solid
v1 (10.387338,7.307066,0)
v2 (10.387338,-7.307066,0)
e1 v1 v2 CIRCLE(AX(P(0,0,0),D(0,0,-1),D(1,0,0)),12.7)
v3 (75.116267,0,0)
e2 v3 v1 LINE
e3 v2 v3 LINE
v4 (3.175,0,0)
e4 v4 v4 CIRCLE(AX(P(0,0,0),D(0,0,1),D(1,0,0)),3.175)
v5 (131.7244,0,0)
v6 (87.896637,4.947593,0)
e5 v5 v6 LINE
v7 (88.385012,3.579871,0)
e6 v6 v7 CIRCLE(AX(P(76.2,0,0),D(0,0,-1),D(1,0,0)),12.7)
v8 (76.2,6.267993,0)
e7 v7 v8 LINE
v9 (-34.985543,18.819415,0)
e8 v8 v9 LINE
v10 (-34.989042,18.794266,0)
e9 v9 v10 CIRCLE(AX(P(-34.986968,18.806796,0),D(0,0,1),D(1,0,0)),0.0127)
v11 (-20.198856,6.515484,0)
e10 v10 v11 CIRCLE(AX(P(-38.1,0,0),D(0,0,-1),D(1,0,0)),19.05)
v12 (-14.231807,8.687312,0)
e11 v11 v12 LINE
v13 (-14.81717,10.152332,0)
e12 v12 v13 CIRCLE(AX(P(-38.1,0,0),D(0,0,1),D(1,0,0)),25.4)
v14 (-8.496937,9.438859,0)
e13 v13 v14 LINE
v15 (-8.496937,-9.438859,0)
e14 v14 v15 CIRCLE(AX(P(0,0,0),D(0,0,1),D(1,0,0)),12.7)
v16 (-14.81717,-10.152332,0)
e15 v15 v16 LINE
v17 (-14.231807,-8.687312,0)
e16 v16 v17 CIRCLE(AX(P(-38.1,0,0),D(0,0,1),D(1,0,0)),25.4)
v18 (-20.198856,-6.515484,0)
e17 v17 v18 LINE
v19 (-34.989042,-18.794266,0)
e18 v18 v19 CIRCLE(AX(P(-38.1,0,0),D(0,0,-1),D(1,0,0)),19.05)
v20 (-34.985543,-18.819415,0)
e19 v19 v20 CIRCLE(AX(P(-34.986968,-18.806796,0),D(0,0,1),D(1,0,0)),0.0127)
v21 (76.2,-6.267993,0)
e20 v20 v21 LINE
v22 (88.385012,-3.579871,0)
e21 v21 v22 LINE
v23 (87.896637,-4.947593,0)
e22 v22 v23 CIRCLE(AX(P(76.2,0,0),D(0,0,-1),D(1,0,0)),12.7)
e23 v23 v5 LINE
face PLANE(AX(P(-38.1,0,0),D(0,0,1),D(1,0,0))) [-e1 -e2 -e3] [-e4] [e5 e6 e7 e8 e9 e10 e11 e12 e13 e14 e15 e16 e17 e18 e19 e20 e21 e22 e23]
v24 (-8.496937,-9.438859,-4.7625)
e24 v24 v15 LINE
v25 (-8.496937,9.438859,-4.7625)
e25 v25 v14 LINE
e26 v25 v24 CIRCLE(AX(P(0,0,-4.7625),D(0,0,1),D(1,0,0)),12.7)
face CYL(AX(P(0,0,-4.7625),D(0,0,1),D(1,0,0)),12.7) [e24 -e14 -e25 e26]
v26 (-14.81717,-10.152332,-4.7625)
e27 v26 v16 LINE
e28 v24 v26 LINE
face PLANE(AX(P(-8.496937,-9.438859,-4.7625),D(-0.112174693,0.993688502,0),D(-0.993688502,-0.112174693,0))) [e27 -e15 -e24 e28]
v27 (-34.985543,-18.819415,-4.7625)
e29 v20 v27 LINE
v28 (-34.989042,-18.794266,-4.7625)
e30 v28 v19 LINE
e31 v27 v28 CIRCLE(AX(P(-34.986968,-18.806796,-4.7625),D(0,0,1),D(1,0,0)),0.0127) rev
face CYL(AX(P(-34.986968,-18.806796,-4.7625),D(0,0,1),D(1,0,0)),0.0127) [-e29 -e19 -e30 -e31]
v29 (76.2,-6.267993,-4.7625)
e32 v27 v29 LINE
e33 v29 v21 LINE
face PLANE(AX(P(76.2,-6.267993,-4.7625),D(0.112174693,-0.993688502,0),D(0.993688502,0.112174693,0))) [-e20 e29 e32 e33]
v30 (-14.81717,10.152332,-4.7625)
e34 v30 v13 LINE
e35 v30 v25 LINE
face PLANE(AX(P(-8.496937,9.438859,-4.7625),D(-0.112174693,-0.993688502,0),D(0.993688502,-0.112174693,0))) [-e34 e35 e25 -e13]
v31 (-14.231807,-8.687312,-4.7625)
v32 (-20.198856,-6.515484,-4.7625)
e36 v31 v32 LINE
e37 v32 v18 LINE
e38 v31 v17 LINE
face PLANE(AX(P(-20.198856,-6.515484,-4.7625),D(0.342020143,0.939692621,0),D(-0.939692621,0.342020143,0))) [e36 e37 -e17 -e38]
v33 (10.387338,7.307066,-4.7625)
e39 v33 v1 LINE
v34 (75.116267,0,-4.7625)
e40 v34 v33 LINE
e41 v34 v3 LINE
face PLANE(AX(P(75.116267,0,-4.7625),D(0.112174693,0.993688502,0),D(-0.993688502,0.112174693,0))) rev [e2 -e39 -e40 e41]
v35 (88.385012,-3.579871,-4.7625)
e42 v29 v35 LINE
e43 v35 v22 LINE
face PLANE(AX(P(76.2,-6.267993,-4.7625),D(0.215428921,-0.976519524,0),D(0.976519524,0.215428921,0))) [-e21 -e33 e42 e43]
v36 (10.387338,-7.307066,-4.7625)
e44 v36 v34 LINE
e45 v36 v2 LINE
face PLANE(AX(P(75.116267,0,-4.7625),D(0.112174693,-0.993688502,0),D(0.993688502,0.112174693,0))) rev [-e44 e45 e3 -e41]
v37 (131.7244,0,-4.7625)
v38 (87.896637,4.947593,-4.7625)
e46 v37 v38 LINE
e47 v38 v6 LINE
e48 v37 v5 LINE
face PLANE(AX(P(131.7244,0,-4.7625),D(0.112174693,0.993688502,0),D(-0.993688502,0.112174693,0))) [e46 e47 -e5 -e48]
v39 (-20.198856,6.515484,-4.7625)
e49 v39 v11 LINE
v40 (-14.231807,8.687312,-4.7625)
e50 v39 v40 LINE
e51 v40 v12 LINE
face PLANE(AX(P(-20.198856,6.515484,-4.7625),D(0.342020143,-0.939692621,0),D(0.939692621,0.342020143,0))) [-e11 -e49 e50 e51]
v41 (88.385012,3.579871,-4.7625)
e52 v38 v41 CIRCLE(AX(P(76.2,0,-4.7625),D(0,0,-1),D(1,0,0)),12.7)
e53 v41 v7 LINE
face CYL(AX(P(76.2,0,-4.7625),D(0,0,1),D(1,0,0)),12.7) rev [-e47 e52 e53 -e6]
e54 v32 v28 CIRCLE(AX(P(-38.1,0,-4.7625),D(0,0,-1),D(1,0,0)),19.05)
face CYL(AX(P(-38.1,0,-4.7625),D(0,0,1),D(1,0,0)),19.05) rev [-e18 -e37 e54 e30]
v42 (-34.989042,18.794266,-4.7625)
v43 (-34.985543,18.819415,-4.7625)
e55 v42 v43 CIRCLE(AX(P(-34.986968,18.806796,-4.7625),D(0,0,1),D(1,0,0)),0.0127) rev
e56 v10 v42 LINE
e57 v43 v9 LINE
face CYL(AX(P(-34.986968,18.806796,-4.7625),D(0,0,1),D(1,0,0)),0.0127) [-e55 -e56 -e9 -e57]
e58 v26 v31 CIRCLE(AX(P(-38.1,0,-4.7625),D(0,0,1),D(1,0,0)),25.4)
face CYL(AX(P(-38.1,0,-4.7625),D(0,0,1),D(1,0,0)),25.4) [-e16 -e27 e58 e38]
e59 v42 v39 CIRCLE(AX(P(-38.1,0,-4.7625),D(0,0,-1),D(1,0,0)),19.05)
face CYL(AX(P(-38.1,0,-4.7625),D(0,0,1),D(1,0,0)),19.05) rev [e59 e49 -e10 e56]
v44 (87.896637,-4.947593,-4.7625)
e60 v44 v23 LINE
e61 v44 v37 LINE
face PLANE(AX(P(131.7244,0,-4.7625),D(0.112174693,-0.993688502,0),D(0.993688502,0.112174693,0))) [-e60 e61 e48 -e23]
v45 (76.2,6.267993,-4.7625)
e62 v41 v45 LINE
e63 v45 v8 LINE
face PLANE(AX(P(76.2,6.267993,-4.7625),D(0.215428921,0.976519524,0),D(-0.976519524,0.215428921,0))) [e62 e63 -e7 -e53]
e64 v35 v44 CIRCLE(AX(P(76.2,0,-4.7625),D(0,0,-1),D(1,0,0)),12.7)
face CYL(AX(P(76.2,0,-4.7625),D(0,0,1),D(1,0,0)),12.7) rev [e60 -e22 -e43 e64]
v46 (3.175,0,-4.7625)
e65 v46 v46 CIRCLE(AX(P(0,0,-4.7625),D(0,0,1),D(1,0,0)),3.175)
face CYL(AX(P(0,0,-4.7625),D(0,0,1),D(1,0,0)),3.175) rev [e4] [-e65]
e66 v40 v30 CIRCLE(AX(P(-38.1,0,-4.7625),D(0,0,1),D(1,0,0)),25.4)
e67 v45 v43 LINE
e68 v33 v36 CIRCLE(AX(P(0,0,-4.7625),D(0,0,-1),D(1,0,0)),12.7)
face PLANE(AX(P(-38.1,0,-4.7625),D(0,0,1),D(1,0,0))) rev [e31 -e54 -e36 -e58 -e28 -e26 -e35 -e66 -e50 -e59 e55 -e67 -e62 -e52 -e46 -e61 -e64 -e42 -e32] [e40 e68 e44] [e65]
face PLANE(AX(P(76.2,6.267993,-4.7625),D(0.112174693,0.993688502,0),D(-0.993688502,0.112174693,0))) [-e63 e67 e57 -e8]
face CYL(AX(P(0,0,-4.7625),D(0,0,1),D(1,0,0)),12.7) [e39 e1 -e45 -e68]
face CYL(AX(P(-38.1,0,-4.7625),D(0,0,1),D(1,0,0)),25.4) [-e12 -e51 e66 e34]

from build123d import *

# Parameters (mm, degrees)
SKETCH1_R           = 3.175
BOSS_EXTRUDE2_DEPTH = 4.7625
FILLET1_R           = 0.0127


with BuildPart() as part:
    # Sketch1 → Boss-Extrude2 (new body)
    with BuildSketch(Plane.XY):
        with BuildLine():
            Line((131.7244, 0), (87.896637, 4.947593))
            ThreePointArc((87.896637, 4.947593), (88.160392, 4.270718), (88.385012, 3.579871))
            Line((88.385012, 3.579871), (76.2, 6.267993))
            Line((76.2, 6.267993), (-35.963072, 18.929766))
            ThreePointArc((-35.963072, 18.929766), (-26.314005, 14.966389), (-20.198856, 6.515484))
            Line((-20.198856, 6.515484), (-14.231807, 8.687312))
            ThreePointArc((-14.231807, 8.687312), (-14.513112, 9.424368), (-14.81717, 10.152332))
            Line((-14.81717, 10.152332), (-8.496937, 9.438859))
            ThreePointArc((-8.496937, 9.438859), (-12.7, 0), (-8.496937, -9.438859))
            Line((-8.496937, -9.438859), (-14.81717, -10.152332))
            ThreePointArc((-14.81717, -10.152332), (-14.513112, -9.424368), (-14.231807, -8.687312))
            Line((-14.231807, -8.687312), (-20.198856, -6.515484))
            ThreePointArc((-20.198856, -6.515484), (-26.314005, -14.966389), (-35.963072, -18.929766))
            Line((-35.963072, -18.929766), (76.2, -6.267993))
            Line((76.2, -6.267993), (88.385012, -3.579871))
            ThreePointArc((88.385012, -3.579871), (88.160392, -4.270718), (87.896637, -4.947593))
            Line((87.896637, -4.947593), (131.7244, 0))
        make_face()
        Circle(SKETCH1_R, mode=Mode.SUBTRACT)
        with BuildLine():
            Line((75.116267, 0), (10.387338, 7.307066))
            ThreePointArc((10.387338, 7.307066), (12.7, 0), (10.387338, -7.307066))
            Line((10.387338, -7.307066), (75.116267, 0))
        make_face(mode=Mode.SUBTRACT)
    extrude(amount=-BOSS_EXTRUDE2_DEPTH)

    # Fillet1
    fillet1_edges = [part.edges().sort_by_distance(p)[0] for p in [
        (-35.963072, 18.929766, -2.38125),
        (-35.963072, -18.929766, -2.38125),
    ]]
    fillet(fillet1_edges, radius=FILLET1_R)


solid = part.part
